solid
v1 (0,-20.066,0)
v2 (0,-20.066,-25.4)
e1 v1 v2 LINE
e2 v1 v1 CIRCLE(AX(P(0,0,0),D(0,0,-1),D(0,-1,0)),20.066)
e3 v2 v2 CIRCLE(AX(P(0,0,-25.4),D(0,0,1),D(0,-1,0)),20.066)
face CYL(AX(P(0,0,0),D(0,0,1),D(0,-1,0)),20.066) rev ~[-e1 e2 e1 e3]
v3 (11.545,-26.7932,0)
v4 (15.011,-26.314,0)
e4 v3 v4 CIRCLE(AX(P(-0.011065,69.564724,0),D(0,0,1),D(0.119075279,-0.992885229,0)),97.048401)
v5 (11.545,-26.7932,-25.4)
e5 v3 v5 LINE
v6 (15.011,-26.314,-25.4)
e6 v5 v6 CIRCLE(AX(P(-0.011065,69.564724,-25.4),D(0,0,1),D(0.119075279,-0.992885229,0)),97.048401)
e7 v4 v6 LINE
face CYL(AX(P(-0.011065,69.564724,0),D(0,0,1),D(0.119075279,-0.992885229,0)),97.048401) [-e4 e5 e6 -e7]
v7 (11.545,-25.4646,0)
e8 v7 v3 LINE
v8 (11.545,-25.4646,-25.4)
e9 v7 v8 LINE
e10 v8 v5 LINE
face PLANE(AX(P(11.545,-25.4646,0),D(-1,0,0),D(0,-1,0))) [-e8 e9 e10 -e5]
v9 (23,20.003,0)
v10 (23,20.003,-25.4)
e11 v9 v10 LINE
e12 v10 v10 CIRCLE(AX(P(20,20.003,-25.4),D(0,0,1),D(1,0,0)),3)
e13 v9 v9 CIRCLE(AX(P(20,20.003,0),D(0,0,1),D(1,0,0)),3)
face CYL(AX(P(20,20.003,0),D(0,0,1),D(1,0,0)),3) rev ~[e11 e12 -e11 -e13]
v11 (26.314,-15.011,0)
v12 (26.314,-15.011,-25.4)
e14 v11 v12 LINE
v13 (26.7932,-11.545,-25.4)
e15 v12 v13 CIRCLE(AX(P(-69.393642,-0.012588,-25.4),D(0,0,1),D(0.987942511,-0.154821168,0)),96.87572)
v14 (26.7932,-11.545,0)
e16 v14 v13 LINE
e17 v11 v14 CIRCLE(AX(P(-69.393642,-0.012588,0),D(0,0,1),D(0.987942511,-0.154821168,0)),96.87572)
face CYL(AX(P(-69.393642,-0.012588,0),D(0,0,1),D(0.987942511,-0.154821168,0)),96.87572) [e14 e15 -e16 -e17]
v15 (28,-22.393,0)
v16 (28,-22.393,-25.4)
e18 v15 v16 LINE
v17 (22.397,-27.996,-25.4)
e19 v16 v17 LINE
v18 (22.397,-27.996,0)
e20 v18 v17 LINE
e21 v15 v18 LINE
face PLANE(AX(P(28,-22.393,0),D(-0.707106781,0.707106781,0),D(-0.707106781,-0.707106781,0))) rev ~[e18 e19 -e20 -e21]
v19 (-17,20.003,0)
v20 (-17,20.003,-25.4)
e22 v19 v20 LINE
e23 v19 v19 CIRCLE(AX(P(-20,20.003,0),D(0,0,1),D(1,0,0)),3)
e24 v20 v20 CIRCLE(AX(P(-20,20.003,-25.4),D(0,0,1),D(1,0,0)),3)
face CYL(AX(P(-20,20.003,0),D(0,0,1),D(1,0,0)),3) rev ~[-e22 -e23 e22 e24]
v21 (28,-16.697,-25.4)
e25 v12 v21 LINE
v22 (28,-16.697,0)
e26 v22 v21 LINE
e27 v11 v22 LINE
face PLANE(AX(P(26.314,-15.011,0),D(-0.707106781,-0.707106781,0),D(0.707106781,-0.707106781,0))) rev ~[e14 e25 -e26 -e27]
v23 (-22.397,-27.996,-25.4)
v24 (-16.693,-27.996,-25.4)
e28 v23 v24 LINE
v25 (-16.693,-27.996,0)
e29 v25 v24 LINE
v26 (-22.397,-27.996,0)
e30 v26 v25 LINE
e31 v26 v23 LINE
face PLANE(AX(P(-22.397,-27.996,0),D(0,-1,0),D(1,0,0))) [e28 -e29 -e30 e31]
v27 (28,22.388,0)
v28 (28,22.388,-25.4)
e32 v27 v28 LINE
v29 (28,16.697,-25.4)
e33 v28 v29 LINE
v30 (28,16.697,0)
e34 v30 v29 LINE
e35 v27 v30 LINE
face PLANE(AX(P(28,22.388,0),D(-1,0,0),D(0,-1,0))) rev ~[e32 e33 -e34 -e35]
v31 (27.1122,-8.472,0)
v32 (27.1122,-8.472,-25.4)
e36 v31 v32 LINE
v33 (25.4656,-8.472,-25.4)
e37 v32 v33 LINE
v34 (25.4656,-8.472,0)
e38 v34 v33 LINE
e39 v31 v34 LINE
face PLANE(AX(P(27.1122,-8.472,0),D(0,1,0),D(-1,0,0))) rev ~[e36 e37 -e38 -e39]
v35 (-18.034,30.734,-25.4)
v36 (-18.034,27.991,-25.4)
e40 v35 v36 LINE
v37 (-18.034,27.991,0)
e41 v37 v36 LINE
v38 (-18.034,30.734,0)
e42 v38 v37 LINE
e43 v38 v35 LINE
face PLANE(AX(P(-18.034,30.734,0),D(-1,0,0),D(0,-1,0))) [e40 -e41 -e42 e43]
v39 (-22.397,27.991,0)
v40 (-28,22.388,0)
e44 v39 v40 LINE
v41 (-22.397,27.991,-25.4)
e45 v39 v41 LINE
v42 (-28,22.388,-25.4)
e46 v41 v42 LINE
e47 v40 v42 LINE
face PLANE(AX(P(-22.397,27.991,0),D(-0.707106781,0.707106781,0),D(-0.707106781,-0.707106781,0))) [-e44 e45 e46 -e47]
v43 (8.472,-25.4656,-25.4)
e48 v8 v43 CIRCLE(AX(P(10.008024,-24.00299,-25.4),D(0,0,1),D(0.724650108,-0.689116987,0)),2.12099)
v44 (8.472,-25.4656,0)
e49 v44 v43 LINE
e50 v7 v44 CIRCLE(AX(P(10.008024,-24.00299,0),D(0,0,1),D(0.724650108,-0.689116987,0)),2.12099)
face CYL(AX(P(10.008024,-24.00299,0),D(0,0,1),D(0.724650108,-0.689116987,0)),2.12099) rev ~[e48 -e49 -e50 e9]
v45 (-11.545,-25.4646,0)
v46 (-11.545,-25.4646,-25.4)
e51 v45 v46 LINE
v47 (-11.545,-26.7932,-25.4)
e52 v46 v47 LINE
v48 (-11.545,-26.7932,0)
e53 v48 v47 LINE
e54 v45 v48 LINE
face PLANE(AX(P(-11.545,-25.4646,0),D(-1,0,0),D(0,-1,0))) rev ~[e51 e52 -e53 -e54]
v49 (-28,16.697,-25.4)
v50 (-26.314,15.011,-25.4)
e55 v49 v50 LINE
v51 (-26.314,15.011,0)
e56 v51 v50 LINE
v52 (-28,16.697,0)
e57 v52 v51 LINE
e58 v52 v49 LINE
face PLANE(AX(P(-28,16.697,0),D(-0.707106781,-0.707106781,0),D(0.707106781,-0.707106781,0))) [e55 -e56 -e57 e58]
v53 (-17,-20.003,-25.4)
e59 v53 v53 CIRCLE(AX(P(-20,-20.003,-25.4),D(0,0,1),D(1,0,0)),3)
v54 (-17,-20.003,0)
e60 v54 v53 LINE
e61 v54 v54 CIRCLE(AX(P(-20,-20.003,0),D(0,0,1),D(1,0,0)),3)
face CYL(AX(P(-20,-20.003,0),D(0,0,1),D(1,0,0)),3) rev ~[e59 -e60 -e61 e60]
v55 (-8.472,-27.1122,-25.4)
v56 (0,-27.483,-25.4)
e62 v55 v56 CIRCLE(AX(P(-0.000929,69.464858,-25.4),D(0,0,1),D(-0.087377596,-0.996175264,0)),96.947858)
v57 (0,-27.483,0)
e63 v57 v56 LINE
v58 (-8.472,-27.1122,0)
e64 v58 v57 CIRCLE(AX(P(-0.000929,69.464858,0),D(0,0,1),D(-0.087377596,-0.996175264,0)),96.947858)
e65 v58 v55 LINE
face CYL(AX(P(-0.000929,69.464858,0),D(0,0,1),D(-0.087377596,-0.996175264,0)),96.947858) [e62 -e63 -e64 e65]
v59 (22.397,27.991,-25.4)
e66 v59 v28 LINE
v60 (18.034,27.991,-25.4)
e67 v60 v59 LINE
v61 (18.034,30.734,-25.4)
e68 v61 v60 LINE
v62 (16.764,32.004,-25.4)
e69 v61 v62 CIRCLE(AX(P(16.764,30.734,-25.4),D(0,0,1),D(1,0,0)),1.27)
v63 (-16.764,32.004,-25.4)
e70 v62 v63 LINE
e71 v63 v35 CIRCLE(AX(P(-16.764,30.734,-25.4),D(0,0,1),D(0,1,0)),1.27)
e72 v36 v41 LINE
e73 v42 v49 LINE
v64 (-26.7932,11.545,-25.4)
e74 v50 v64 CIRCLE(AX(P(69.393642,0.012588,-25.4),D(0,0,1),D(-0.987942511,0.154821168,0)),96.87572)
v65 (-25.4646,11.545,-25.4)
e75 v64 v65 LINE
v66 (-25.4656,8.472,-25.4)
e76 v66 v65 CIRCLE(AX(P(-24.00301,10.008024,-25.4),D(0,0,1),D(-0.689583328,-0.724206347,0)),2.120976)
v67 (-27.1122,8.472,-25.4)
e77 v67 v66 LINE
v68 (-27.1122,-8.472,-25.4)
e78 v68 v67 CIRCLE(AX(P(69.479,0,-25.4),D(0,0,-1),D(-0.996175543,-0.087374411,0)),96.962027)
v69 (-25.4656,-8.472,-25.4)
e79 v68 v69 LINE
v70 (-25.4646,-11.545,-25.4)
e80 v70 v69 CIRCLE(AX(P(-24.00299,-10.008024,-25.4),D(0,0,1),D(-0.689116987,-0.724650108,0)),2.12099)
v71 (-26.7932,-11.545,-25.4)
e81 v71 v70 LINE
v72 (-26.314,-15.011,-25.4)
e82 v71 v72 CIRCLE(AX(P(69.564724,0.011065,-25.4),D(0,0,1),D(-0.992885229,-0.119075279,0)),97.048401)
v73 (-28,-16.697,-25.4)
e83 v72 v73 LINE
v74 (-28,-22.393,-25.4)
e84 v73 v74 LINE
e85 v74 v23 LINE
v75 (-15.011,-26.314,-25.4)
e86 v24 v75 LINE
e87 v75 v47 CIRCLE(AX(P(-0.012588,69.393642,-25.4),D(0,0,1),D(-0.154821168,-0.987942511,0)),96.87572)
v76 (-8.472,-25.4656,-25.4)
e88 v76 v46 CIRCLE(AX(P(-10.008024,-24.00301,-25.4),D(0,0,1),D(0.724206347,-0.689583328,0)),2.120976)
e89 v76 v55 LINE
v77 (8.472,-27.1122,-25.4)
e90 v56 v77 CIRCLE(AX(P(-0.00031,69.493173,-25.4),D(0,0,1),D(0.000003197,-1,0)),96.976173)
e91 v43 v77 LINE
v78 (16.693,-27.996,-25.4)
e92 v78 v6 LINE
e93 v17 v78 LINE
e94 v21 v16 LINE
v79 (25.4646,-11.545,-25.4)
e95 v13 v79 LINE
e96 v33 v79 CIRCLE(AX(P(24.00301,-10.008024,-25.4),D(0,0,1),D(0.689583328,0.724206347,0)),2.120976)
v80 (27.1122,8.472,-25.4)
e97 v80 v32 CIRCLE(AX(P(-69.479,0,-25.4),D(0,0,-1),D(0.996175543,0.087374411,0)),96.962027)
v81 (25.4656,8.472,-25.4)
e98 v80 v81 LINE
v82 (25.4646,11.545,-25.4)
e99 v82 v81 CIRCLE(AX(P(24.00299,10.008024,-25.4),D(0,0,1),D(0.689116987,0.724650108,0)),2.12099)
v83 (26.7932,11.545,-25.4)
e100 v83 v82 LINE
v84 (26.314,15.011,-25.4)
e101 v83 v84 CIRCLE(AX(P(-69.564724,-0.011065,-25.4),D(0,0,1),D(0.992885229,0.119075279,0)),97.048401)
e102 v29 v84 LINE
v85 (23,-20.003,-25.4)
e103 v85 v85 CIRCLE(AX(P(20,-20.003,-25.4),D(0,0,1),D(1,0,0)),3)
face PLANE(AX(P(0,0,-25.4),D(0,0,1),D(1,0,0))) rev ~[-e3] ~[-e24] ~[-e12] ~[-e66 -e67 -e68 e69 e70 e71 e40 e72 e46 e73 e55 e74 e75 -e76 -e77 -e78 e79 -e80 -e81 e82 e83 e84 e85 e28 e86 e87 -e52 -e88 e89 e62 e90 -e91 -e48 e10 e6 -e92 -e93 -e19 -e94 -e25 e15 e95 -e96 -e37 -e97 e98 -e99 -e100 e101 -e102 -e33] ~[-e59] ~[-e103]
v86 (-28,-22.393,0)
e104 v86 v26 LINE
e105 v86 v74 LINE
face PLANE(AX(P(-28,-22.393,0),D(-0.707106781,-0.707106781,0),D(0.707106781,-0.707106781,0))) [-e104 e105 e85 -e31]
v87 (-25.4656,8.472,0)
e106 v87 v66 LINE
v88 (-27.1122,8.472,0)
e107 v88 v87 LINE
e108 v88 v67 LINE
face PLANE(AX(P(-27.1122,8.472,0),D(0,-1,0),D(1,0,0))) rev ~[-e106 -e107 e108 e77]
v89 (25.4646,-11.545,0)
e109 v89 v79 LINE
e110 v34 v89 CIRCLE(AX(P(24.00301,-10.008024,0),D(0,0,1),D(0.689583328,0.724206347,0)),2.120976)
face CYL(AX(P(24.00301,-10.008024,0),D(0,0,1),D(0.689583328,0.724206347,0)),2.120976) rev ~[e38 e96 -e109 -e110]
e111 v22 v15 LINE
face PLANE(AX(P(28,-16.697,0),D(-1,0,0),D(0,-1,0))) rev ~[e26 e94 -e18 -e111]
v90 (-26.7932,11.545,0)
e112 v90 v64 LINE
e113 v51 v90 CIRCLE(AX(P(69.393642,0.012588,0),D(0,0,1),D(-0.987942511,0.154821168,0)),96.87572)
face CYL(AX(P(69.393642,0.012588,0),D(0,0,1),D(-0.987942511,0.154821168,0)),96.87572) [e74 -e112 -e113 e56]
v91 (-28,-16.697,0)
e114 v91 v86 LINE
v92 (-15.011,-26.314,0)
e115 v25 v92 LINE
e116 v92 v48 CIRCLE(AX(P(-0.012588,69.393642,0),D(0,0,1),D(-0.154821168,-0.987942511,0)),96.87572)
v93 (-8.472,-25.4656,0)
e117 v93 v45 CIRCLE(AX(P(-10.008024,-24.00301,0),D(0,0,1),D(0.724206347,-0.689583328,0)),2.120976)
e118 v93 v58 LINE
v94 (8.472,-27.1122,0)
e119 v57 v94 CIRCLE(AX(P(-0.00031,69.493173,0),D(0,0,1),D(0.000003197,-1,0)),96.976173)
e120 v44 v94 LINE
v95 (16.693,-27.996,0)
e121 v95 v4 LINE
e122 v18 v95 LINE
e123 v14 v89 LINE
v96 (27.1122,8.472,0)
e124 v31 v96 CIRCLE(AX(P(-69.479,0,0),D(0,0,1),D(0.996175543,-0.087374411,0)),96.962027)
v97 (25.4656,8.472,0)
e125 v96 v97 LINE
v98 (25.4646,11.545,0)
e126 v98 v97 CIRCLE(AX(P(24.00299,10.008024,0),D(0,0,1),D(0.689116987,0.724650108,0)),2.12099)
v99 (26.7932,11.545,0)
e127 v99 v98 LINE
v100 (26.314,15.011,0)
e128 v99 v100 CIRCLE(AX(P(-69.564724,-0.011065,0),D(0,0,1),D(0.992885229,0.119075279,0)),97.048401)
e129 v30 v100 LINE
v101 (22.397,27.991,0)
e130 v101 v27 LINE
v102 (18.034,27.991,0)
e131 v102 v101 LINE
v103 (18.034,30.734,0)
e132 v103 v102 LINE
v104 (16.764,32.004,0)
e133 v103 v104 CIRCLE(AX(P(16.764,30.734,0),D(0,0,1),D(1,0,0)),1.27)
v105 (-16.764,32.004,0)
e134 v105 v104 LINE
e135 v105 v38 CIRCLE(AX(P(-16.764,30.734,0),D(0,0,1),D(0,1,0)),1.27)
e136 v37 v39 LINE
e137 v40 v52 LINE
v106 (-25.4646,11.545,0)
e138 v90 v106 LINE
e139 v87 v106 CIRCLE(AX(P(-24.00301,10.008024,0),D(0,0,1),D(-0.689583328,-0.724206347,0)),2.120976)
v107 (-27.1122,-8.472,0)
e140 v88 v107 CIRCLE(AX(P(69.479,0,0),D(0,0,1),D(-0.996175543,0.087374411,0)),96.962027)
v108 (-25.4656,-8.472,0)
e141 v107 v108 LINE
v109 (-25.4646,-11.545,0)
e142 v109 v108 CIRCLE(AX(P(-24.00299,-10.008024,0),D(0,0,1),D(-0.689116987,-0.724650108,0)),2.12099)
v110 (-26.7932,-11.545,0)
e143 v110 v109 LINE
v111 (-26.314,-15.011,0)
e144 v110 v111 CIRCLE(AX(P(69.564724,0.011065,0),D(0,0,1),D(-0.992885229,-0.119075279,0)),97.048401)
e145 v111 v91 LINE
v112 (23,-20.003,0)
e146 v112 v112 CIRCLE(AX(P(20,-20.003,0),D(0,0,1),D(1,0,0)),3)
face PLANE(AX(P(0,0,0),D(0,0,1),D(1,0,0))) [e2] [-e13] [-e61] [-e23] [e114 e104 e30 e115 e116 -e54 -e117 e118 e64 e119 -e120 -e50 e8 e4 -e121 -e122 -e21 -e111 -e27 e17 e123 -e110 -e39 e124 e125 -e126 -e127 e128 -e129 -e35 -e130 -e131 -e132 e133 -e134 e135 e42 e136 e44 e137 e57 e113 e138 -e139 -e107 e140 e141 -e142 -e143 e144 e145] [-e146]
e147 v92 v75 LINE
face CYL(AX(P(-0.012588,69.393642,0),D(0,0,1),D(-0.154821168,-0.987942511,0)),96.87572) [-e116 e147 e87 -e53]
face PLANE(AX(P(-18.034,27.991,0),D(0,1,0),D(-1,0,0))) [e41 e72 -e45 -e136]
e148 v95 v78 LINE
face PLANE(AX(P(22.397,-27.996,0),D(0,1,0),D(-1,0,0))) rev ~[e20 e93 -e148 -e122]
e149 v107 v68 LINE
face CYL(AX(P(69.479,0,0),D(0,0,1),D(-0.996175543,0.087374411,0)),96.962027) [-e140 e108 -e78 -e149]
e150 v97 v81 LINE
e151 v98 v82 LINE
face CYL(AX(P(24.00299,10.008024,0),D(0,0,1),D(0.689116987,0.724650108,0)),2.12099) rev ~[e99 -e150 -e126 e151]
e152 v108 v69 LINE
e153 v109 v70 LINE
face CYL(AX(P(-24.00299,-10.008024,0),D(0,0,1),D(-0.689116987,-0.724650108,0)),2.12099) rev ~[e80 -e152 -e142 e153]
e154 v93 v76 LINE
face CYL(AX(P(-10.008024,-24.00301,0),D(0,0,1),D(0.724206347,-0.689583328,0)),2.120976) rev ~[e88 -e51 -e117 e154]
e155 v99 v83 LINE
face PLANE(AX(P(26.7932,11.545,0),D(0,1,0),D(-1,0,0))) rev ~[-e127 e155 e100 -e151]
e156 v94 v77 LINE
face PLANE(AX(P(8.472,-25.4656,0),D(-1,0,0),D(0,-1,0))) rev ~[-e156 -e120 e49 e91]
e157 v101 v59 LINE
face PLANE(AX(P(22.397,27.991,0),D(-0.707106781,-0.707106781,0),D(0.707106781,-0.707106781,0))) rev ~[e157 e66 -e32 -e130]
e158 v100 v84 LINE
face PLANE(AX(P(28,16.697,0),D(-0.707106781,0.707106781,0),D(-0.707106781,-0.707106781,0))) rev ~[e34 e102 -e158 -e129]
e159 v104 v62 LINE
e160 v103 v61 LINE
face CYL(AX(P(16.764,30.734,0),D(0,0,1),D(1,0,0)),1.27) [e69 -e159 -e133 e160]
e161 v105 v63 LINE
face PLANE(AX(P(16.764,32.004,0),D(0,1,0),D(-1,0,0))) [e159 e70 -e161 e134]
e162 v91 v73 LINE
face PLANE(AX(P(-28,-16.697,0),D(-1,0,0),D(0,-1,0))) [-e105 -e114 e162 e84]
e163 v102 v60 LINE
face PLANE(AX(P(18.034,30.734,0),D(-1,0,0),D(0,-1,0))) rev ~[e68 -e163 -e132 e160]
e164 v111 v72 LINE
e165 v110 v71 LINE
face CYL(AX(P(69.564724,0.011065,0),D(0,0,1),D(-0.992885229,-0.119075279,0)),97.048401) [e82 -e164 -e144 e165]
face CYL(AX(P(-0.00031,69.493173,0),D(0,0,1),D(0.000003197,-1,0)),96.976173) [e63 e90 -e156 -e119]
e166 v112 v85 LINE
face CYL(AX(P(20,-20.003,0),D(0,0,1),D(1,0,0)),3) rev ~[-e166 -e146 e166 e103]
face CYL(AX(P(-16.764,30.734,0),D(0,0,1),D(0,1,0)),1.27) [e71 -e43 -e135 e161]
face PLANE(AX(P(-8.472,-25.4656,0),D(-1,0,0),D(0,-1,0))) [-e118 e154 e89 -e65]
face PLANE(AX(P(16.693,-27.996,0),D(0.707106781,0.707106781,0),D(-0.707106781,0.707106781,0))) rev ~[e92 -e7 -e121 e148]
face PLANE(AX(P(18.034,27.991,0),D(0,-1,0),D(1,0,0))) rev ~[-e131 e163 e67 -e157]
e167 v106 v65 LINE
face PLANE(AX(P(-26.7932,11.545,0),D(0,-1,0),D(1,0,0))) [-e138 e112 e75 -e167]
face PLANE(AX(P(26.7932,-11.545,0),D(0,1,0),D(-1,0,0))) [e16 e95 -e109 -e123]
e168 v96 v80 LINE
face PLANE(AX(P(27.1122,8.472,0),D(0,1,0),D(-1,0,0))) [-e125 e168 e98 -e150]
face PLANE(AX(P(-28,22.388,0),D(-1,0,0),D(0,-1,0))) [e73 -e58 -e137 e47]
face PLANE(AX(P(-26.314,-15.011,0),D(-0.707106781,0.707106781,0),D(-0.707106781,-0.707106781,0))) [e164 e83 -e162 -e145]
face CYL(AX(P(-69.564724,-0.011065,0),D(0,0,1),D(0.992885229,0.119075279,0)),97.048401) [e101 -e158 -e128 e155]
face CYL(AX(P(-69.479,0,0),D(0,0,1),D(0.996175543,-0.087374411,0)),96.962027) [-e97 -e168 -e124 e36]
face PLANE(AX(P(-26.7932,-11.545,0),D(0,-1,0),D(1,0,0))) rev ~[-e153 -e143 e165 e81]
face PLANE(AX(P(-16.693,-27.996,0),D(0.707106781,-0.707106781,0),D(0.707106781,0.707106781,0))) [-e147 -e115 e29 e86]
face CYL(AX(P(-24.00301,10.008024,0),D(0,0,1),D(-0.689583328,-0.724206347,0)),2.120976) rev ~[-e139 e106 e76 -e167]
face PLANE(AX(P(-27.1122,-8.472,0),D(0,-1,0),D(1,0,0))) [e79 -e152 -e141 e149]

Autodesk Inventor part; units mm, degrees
ref_plane "YZ Plane" through (0, 0, 0) normal (1, 0, 0) x (0, 1, 0)
ref_plane "XZ Plane" through (0, 0, 0) normal (0, 1, 0) x (-1, 0, 0)
ref_plane "XY Plane" through (0, 0, 0) normal (0, 0, 1) x (1, 0, 0)
sketch "Sketch1" plane through (0, 0, 0) normal (0, 0, 1) x (1, 0, 0)
  line L0 (0, 98.7215) -> (0, -37.7435) projected
  line L1 (-83.3748, 0) -> (111.1664, 0) projected
  line L2 (-16.764, 32.004) -> (0, 32.004)
  line L3 (0, 0) -> (0, 34.9655) construction
  line L4 (-18.034, 30.734) -> (-18.034, 27.991)
  arc A0 (-16.764, 32.004) -> (-18.034, 30.734) centre (-16.764, 30.734) ccw
  line L5 (-18.034, 27.991) -> (-22.397, 27.991)
  line L6 (-22.397, 27.991) -> (-28, 22.388)
  line L7 (-28, 22.388) -> (-28, 16.697)
  line L8 (-28, 16.697) -> (-26.314, 15.011)
  arc A1 (-25.4656, 8.472) -> (-25.4646, 11.545) centre (-24.003, 10.008) ccw
  line L9 (-26.7932, 11.545) -> (-25.4646, 11.545)
  line L10 (-27.1122, 8.472) -> (-25.4656, 8.472)
  arc A2 (-26.314, 15.011) -> (-26.7932, 11.545) centre (69.479, 0) ccw
  arc A3 (-25.4646, -11.545) -> (-25.4656, -8.472) centre (-24.003, -10.008) ccw
  line L11 (-27.1122, -8.472) -> (-25.4656, -8.472)
  line L12 (-26.7932, -11.545) -> (-25.4646, -11.545)
  arc A4 (-27.1122, 8.472) -> (-27.1122, -8.472) centre (69.479, 0) ccw
  line L13 (-26.314, -15.011) -> (-28, -16.697)
  line L14 (-28, -16.697) -> (-28, -22.393)
  line L15 (-28, -22.393) -> (-22.397, -27.996)
  line L16 (-22.397, -27.996) -> (-16.693, -27.996)
  line L17 (-16.693, -27.996) -> (-15.011, -26.314)
  arc A5 (-26.7932, -11.545) -> (-26.314, -15.011) centre (69.479, 0) ccw
  arc A6 (-8.472, -25.4656) -> (-11.545, -25.4646) centre (-10.008, -24.003) ccw
  line L18 (-11.545, -25.4646) -> (-11.545, -26.7932)
  line L19 (-8.472, -25.4656) -> (-8.472, -27.1122)
  arc A7 (-15.011, -26.314) -> (-11.545, -26.7932) centre (0, 69.479) ccw
  arc A8 (-8.472, -27.1122) -> (0, -27.483) centre (0, 69.479) ccw
  arc A9 (0, 20.066) -> (0, -20.066) centre (0, 0) ccw
  line L20 (0, 32.004) -> (0, -27.483) construction
  circle A10 centre (-20, 20.003) radius 3
  circle A11 centre (-20, -20.003) radius 3
  line L21 (16.764, 32.004) -> (0, 32.004)
  line L22 (18.034, 30.734) -> (18.034, 27.991)
  arc A12 (18.034, 30.734) -> (16.764, 32.004) centre (16.764, 30.734) ccw
  line L23 (18.034, 27.991) -> (22.397, 27.991)
  line L24 (22.397, 27.991) -> (28, 22.388)
  line L25 (28, 22.388) -> (28, 16.697)
  line L26 (28, 16.697) -> (26.314, 15.011)
  arc A13 (25.4646, 11.545) -> (25.4656, 8.472) centre (24.003, 10.008) ccw
  line L27 (26.7932, 11.545) -> (25.4646, 11.545)
  line L28 (27.1122, 8.472) -> (25.4656, 8.472)
  arc A14 (26.7932, 11.545) -> (26.314, 15.011) centre (-69.479, 0) ccw
  arc A15 (25.4656, -8.472) -> (25.4646, -11.545) centre (24.003, -10.008) ccw
  line L29 (27.1122, -8.472) -> (25.4656, -8.472)
  line L30 (26.7932, -11.545) -> (25.4646, -11.545)
  arc A16 (27.1122, -8.472) -> (27.1122, 8.472) centre (-69.479, 0) ccw
  line L31 (26.314, -15.011) -> (28, -16.697)
  line L32 (28, -16.697) -> (28, -22.393)
  line L33 (28, -22.393) -> (22.397, -27.996)
  line L34 (22.397, -27.996) -> (16.693, -27.996)
  line L35 (16.693, -27.996) -> (15.011, -26.314)
  arc A17 (26.314, -15.011) -> (26.7932, -11.545) centre (-69.479, 0) ccw
  arc A18 (11.545, -25.4646) -> (8.472, -25.4656) centre (10.008, -24.003) ccw
  line L36 (11.545, -25.4646) -> (11.545, -26.7932)
  line L37 (8.472, -25.4656) -> (8.472, -27.1122)
  arc A19 (11.545, -26.7932) -> (15.011, -26.314) centre (0, 69.479) ccw
  arc A20 (0, -27.483) -> (8.472, -27.1122) centre (0, 69.479) ccw
  arc A21 (0, -20.066) -> (0, 20.066) centre (0, 0) ccw
  circle A22 centre (20, 20.003) radius 3
  circle A23 centre (20, -20.003) radius 3
  dimension "d0" = 69.479
  dimension "d2" = 69.479
  dimension "d4" = 32.004
  dimension "d5" = 18.034
  dimension "d6" = 2.54
  dimension "d7" = 27.991
  dimension "d8" = 135
  dimension "d9" = 28
  dimension "d10" = 4.363
  dimension "d11" = 16.697
  dimension "d12" = 135
  dimension "d13" = 10.008
  dimension "d14" = 24.003
  dimension "d15" = 4.242
  dimension "d16" = 11.545
  dimension "d17" = 8.472
  dimension "d18" = 96.962
  dimension "d19" = 10.008
  dimension "d20" = 4.242
  dimension "d21" = 8.472
  dimension "d22" = 11.545
  dimension "d23" = 96.962
  dimension "d24" = 15.011
  dimension "d26" = 45
  dimension "d27" = 28
  dimension "d28" = 22.393
  dimension "d29" = 135
  dimension "d30" = 22.397
  dimension "d31" = 16.693
  dimension "d32" = 135
  dimension "d33" = 96.962
  dimension "d34" = 10.008
  dimension "d35" = 24.003
  dimension "d36" = 4.242
  dimension "d38" = 11.545
  dimension "d39" = 8.472
  dimension "d40" = 96.962
  dimension "d41" = 96.962
  dimension "d42" = 40.132
  dimension "d43" = 20
  dimension "d44" = 20.003
  dimension "d45" = 6
  dimension "d46" = 20.003
  dimension "d47" = 6
extrude "PHD, 40MM" add sketch "Sketch1" against normal blind 25.4 contours L21 A12 L22 L23 L24 L25 L26 A14 L27 A13 L28 A16 L1 A21 L0 | L0 A9 L1 A4 L10 A1 L9 A2 L8 L7 L6 L5 L4 A0 L2 | A9 L0 A8 L19 A6 L18 A7 L17 L16 L15 L14 L13 A5 L12 A3 L11 A4 L1 | L1 A16 L29 A15 L30 A17 L31 L32 L33 L34 L35 A19 L36 A18 L37 A20 L0 A21
equation "\"d19\" = d13"
equation "\"d20\" = d15"
equation "\"d21\" = d17"
equation "\"d22\" = d16"
equation "\"d46\" = d44"
equation "\"d47\" = d45"
properties part number "EXTRUSION, CYLINDER, ALUMINIUM, PHD, 40MM" material "Extrusion, Aluminum, PHD, 40MM"
